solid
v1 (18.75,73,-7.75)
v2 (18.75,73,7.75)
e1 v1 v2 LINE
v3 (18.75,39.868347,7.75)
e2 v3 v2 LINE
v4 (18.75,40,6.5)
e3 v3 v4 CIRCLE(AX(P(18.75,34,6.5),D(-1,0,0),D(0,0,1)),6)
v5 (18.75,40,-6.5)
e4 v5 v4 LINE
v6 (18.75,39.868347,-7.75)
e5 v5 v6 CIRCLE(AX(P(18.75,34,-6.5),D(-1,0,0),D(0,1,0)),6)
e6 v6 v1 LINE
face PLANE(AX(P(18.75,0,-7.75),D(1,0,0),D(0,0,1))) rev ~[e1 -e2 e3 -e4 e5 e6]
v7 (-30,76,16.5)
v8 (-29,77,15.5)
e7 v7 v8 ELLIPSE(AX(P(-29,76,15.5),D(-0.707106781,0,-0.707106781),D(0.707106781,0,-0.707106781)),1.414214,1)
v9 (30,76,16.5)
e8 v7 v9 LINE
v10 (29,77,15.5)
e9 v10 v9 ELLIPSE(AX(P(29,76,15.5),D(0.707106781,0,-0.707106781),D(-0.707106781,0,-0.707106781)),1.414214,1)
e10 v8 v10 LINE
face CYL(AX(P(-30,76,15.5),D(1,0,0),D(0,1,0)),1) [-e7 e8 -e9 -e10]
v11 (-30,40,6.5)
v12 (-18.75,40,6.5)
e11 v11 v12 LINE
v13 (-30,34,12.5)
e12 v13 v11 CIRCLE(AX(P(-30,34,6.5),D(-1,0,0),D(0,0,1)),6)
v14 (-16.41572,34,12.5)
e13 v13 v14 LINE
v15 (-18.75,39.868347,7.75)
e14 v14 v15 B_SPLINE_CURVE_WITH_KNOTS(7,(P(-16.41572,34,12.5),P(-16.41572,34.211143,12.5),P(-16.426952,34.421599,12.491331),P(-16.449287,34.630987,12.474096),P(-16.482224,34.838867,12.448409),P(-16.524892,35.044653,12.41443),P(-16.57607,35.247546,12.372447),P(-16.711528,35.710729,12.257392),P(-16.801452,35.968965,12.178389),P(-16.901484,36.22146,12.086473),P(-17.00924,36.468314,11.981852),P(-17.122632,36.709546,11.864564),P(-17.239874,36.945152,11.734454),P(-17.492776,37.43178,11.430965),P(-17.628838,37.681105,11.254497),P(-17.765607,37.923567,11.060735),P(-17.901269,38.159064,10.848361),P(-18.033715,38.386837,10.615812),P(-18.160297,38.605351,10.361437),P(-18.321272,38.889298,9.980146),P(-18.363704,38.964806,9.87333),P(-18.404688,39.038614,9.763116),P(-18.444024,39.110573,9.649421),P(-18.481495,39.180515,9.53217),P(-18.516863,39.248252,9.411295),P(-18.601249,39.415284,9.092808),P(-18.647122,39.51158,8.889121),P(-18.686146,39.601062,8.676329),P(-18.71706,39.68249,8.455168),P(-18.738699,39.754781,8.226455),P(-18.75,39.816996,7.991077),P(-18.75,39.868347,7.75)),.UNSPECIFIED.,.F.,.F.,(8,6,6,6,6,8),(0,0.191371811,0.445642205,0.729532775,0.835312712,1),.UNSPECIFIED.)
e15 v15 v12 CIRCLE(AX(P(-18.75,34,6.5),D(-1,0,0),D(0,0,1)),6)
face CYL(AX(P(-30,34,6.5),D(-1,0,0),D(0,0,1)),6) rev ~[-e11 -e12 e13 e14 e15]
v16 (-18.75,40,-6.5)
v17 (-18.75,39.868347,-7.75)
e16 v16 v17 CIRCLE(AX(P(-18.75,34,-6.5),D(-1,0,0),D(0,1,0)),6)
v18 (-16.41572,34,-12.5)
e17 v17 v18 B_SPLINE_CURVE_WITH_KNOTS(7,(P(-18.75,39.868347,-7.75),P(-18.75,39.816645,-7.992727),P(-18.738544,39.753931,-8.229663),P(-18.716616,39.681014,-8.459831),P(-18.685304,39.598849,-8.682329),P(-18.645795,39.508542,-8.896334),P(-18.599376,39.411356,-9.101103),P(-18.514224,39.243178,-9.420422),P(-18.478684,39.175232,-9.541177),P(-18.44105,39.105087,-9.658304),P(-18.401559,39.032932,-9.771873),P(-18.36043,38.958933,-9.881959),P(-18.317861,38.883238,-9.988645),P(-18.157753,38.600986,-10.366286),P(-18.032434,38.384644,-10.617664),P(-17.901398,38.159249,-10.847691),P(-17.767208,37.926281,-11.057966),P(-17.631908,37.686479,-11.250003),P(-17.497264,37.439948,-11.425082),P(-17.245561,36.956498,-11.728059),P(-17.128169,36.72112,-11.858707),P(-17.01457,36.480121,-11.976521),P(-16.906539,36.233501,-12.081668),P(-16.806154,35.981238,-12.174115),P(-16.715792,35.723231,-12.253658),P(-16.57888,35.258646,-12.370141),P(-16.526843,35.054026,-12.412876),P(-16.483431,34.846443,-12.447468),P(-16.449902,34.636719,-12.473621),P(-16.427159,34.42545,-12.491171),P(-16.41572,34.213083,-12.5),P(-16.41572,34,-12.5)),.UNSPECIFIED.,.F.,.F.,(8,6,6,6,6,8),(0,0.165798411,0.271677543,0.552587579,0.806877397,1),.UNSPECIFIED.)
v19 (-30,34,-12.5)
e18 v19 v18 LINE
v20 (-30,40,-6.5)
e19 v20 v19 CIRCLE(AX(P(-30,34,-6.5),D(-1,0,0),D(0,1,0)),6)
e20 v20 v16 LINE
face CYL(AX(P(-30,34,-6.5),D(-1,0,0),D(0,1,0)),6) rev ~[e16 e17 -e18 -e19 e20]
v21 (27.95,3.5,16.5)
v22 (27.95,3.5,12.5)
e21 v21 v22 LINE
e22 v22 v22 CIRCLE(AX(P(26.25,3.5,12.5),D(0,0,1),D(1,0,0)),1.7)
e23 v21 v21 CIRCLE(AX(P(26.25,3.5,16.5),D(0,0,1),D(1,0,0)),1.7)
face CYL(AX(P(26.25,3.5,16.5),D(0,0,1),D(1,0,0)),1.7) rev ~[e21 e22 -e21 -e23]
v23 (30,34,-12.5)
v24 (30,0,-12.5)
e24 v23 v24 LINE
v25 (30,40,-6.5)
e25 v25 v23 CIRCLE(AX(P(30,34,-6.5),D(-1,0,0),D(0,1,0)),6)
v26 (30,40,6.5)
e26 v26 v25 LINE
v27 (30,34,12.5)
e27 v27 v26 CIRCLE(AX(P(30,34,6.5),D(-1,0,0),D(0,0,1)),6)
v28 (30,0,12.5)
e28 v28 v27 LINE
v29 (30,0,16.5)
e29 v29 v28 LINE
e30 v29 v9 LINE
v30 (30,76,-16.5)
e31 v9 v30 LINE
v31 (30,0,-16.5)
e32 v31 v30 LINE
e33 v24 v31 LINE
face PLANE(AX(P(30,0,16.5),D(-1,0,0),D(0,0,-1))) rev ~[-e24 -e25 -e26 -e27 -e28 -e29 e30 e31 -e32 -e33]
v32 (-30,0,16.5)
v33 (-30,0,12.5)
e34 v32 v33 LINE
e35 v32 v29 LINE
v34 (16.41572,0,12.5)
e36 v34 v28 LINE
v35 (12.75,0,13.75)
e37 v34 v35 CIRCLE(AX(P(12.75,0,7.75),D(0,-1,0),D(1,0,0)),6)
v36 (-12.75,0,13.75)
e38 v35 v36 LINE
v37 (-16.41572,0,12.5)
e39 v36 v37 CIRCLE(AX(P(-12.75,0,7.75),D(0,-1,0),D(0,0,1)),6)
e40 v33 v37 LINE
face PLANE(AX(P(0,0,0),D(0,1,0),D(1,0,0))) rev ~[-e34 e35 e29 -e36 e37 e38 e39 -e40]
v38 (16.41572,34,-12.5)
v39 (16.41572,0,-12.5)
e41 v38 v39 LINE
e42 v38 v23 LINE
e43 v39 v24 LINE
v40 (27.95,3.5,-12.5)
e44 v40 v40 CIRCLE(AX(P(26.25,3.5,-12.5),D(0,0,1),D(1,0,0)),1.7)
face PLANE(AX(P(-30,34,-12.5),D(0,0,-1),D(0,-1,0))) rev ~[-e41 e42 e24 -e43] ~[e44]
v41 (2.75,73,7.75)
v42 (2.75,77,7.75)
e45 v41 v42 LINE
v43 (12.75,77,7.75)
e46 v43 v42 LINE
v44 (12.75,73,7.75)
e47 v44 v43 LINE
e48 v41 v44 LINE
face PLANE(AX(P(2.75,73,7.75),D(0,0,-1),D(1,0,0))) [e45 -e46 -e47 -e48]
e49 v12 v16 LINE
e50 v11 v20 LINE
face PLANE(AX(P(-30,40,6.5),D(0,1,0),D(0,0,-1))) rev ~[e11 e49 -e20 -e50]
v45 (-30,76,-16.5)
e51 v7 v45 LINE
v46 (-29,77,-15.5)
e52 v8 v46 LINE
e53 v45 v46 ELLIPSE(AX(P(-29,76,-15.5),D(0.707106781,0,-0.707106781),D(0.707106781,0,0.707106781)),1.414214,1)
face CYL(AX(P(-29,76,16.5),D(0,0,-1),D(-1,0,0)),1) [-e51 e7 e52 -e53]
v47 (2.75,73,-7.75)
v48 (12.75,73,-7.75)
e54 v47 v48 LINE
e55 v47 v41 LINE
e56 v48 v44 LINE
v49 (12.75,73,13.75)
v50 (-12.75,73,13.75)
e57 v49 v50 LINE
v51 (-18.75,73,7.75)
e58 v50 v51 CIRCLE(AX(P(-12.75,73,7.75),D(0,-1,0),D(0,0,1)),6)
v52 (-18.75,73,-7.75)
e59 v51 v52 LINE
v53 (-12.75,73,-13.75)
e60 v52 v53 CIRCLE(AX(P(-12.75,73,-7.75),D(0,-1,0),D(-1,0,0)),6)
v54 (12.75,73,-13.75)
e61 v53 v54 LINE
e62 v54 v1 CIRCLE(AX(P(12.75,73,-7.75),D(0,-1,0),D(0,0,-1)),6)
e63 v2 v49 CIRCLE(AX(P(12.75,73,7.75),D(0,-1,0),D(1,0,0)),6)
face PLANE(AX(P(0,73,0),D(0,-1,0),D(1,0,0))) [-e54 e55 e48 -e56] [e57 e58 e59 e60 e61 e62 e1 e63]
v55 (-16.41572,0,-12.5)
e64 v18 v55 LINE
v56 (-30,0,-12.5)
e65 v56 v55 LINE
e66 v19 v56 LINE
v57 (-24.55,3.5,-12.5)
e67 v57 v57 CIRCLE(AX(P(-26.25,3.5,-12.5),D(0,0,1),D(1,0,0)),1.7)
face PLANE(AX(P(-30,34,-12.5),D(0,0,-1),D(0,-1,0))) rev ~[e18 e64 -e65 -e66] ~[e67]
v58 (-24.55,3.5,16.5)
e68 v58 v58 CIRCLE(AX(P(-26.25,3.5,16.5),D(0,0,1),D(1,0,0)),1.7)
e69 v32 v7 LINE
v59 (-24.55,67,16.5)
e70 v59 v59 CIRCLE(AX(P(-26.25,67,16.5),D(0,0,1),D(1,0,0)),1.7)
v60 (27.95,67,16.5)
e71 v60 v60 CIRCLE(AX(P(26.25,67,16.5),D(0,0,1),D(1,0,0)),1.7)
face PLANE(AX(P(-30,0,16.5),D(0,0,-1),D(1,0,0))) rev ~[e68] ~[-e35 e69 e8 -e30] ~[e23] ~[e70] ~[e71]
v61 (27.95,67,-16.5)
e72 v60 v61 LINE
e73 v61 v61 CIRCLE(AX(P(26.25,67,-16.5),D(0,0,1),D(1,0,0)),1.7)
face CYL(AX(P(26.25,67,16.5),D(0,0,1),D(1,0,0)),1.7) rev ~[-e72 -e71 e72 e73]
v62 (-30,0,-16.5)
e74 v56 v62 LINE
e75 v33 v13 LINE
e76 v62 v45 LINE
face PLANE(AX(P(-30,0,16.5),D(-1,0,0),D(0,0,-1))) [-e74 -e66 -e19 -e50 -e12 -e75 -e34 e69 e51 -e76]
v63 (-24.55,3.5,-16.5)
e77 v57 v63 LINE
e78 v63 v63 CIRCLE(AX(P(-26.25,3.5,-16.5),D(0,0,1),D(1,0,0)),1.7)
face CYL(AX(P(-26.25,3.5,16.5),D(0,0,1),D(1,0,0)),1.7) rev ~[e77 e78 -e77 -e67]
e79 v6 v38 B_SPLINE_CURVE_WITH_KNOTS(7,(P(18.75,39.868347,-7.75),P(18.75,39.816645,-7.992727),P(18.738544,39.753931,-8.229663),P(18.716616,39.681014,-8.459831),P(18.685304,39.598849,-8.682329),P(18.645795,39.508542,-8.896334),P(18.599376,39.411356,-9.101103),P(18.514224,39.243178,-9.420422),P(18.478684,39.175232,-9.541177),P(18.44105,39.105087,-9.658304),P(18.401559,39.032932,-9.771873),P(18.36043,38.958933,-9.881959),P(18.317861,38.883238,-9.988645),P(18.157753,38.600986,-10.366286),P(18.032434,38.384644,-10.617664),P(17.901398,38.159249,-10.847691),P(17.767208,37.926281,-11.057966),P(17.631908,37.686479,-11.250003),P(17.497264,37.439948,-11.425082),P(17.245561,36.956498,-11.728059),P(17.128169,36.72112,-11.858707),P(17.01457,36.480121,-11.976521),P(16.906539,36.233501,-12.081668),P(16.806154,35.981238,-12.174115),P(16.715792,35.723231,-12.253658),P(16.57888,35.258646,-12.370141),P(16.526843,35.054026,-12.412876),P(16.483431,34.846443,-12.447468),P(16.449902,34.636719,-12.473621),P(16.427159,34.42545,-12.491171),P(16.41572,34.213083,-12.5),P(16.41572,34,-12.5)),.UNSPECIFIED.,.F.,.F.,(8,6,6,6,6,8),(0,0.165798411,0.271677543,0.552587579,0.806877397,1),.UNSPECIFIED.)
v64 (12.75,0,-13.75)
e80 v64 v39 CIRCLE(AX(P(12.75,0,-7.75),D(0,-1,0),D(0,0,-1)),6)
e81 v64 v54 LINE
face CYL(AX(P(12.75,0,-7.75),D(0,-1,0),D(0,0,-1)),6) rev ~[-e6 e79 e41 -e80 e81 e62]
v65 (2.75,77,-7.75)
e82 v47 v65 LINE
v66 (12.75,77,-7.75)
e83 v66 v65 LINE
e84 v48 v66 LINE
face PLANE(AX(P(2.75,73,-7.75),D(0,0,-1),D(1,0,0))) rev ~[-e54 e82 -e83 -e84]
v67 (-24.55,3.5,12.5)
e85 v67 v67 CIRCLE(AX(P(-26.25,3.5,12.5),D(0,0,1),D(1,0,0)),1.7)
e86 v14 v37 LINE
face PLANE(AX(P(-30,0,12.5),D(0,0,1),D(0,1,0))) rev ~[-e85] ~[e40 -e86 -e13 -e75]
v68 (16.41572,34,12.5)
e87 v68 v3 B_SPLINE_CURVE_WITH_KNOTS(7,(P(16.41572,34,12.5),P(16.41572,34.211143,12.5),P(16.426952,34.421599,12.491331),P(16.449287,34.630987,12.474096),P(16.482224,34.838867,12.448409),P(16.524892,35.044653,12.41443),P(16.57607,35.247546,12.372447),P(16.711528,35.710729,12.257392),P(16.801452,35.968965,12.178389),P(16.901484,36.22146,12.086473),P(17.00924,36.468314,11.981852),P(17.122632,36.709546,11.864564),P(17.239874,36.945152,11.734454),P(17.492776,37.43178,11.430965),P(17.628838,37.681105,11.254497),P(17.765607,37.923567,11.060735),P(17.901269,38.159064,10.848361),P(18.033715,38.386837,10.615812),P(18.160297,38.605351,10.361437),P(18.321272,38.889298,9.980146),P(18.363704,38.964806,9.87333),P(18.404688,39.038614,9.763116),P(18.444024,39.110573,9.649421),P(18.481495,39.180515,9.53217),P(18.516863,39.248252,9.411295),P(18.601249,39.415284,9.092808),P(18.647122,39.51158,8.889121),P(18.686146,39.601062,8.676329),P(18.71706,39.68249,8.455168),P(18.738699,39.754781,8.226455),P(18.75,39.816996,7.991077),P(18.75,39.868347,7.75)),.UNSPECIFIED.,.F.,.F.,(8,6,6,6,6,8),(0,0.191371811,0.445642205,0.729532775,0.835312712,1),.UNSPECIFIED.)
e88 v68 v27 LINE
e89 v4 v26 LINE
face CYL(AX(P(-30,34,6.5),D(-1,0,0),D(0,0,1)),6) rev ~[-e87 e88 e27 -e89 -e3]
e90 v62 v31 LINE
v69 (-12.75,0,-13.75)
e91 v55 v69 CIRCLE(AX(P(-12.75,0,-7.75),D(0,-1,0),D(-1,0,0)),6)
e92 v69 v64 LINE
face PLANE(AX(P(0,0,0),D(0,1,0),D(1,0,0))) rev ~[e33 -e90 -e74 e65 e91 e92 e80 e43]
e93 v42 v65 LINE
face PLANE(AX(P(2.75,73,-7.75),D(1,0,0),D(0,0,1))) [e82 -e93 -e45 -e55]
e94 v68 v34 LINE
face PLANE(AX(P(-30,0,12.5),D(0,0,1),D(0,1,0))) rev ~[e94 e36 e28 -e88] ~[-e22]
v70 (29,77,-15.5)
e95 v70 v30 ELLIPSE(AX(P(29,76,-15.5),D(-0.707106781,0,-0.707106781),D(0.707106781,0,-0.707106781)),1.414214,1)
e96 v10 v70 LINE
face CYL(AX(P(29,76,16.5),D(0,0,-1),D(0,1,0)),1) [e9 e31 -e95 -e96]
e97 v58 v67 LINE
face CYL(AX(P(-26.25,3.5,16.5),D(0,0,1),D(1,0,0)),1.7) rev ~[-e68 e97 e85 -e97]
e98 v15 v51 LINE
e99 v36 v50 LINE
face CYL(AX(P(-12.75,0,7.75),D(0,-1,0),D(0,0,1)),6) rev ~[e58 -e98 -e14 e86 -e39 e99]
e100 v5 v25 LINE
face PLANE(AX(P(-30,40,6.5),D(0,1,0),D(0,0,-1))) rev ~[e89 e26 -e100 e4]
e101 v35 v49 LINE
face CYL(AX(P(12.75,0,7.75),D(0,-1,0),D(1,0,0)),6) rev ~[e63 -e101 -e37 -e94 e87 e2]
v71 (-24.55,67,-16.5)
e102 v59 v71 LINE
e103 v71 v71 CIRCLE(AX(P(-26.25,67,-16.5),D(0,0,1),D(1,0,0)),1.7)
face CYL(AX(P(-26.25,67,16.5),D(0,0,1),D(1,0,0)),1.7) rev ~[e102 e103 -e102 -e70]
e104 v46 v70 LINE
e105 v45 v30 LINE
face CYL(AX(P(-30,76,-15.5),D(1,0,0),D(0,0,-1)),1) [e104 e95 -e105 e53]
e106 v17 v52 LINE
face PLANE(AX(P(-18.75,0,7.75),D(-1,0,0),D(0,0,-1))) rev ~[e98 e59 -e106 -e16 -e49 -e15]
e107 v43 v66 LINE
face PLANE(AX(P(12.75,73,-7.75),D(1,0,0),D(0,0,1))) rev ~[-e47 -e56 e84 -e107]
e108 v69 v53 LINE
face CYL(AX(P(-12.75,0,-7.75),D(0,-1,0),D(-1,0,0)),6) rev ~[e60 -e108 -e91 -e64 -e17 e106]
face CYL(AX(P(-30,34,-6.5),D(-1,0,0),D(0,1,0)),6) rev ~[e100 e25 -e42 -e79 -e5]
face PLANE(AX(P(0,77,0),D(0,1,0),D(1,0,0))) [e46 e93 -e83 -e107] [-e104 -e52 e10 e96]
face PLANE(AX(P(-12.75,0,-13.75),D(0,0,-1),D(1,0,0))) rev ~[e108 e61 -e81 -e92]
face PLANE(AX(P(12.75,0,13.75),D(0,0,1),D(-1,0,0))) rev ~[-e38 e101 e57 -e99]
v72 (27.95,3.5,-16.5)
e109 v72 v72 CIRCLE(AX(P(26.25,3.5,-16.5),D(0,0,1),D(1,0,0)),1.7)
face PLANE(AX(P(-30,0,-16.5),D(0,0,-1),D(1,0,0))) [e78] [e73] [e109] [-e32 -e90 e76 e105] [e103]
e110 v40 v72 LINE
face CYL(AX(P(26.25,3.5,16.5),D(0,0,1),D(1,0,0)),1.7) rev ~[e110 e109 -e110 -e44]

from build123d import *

# Parameters (mm, degrees)
SKETCH_1_W          = 60
SKETCH_1_H          = 33
EXTRUDE_1_DEPTH     = 77
CUT_EXTRUDE_1_DEPTH = 73
SKETCH_3_R          = 1.7
CUT_EXTRUDE_2_DEPTH = 34
CUT_EXTRUDE_3_DEPTH = 61
SKETCH_5_W          = 10
SKETCH_5_H          = 15.5
CUT_EXTRUDE_4_DEPTH = 5
FILLET_1_R          = 1


with BuildPart() as part:
    # ｽｹｯﾁ1 → ﾎﾞｽ - 押し出し1 (new body)
    with BuildSketch(Plane(origin=(0, 0, 0), x_dir=(1, 0, 0), z_dir=(0, 1, 0))):
        Rectangle(SKETCH_1_W, SKETCH_1_H)
    extrude(amount=EXTRUDE_1_DEPTH)

    # ｽｹｯﾁ2 → ｶｯﾄ - 押し出し1 (cut)
    with BuildSketch(Plane.XZ):
        with BuildLine():
            Line((12.75, 13.75), (-12.75, 13.75))
            ThreePointArc((-12.75, 13.75), (-16.992640687, 11.992640687), (-18.75, 7.75))
            Line((-18.75, 7.75), (-18.75, -7.75))
            ThreePointArc((-18.75, -7.75), (-16.992640687, -11.992640687), (-12.75, -13.75))
            Line((-12.75, -13.75), (12.75, -13.75))
            ThreePointArc((12.75, -13.75), (16.992640687, -11.992640687), (18.75, -7.75))
            Line((18.75, -7.75), (18.75, 7.75))
            ThreePointArc((18.75, 7.75), (16.992640687, 11.992640687), (12.75, 13.75))
        make_face()
    extrude(amount=-CUT_EXTRUDE_1_DEPTH, mode=Mode.SUBTRACT)

    # ｽｹｯﾁ3 → ｶｯﾄ - 押し出し2 (cut, through all)
    with BuildSketch(Plane.XY.offset(16.5)):
        with Locations((26.25, 3.5)):
            Circle(SKETCH_3_R)
        with Locations((26.25, 67)):
            Circle(SKETCH_3_R)
        with Locations((-26.25, 67)):
            Circle(SKETCH_3_R)
        with Locations((-26.25, 3.5)):
            Circle(SKETCH_3_R)
    extrude(amount=-CUT_EXTRUDE_2_DEPTH, mode=Mode.SUBTRACT)

    # ｽｹｯﾁ4 → ｶｯﾄ - 押し出し3 (cut, through all)
    with BuildSketch(Plane.ZY.offset(30)):
        with BuildLine():
            Line((6.5, 40), (-6.5, 40))
            ThreePointArc((-6.5, 40), (-10.742640687, 38.242640687), (-12.5, 34))
            Line((-12.5, 34), (-12.5, 0))
            Line((-12.5, 0), (12.5, 0))
            Line((12.5, 0), (12.5, 34))
            ThreePointArc((12.5, 34), (10.742640687, 38.242640687), (6.5, 40))
        make_face()
    extrude(amount=-CUT_EXTRUDE_3_DEPTH, mode=Mode.SUBTRACT)

    # ｽｹｯﾁ5 → ｶｯﾄ - 押し出し4 (cut, through all)
    with BuildSketch(Plane.XZ.offset(-73)):
        with Locations((7.75, 0)):
            Rectangle(SKETCH_5_W, SKETCH_5_H)
    extrude(amount=-CUT_EXTRUDE_4_DEPTH, mode=Mode.SUBTRACT)

    # ﾌｨﾚｯﾄ1
    fillet_1_edges = [part.edges().sort_by_distance(p)[0] for p in [
        (30, 77, 0),
        (0, 77, -16.5),
        (-30, 77, 0),
        (0, 77, 16.5),
    ]]
    fillet(fillet_1_edges, radius=FILLET_1_R)


solid = part.part
